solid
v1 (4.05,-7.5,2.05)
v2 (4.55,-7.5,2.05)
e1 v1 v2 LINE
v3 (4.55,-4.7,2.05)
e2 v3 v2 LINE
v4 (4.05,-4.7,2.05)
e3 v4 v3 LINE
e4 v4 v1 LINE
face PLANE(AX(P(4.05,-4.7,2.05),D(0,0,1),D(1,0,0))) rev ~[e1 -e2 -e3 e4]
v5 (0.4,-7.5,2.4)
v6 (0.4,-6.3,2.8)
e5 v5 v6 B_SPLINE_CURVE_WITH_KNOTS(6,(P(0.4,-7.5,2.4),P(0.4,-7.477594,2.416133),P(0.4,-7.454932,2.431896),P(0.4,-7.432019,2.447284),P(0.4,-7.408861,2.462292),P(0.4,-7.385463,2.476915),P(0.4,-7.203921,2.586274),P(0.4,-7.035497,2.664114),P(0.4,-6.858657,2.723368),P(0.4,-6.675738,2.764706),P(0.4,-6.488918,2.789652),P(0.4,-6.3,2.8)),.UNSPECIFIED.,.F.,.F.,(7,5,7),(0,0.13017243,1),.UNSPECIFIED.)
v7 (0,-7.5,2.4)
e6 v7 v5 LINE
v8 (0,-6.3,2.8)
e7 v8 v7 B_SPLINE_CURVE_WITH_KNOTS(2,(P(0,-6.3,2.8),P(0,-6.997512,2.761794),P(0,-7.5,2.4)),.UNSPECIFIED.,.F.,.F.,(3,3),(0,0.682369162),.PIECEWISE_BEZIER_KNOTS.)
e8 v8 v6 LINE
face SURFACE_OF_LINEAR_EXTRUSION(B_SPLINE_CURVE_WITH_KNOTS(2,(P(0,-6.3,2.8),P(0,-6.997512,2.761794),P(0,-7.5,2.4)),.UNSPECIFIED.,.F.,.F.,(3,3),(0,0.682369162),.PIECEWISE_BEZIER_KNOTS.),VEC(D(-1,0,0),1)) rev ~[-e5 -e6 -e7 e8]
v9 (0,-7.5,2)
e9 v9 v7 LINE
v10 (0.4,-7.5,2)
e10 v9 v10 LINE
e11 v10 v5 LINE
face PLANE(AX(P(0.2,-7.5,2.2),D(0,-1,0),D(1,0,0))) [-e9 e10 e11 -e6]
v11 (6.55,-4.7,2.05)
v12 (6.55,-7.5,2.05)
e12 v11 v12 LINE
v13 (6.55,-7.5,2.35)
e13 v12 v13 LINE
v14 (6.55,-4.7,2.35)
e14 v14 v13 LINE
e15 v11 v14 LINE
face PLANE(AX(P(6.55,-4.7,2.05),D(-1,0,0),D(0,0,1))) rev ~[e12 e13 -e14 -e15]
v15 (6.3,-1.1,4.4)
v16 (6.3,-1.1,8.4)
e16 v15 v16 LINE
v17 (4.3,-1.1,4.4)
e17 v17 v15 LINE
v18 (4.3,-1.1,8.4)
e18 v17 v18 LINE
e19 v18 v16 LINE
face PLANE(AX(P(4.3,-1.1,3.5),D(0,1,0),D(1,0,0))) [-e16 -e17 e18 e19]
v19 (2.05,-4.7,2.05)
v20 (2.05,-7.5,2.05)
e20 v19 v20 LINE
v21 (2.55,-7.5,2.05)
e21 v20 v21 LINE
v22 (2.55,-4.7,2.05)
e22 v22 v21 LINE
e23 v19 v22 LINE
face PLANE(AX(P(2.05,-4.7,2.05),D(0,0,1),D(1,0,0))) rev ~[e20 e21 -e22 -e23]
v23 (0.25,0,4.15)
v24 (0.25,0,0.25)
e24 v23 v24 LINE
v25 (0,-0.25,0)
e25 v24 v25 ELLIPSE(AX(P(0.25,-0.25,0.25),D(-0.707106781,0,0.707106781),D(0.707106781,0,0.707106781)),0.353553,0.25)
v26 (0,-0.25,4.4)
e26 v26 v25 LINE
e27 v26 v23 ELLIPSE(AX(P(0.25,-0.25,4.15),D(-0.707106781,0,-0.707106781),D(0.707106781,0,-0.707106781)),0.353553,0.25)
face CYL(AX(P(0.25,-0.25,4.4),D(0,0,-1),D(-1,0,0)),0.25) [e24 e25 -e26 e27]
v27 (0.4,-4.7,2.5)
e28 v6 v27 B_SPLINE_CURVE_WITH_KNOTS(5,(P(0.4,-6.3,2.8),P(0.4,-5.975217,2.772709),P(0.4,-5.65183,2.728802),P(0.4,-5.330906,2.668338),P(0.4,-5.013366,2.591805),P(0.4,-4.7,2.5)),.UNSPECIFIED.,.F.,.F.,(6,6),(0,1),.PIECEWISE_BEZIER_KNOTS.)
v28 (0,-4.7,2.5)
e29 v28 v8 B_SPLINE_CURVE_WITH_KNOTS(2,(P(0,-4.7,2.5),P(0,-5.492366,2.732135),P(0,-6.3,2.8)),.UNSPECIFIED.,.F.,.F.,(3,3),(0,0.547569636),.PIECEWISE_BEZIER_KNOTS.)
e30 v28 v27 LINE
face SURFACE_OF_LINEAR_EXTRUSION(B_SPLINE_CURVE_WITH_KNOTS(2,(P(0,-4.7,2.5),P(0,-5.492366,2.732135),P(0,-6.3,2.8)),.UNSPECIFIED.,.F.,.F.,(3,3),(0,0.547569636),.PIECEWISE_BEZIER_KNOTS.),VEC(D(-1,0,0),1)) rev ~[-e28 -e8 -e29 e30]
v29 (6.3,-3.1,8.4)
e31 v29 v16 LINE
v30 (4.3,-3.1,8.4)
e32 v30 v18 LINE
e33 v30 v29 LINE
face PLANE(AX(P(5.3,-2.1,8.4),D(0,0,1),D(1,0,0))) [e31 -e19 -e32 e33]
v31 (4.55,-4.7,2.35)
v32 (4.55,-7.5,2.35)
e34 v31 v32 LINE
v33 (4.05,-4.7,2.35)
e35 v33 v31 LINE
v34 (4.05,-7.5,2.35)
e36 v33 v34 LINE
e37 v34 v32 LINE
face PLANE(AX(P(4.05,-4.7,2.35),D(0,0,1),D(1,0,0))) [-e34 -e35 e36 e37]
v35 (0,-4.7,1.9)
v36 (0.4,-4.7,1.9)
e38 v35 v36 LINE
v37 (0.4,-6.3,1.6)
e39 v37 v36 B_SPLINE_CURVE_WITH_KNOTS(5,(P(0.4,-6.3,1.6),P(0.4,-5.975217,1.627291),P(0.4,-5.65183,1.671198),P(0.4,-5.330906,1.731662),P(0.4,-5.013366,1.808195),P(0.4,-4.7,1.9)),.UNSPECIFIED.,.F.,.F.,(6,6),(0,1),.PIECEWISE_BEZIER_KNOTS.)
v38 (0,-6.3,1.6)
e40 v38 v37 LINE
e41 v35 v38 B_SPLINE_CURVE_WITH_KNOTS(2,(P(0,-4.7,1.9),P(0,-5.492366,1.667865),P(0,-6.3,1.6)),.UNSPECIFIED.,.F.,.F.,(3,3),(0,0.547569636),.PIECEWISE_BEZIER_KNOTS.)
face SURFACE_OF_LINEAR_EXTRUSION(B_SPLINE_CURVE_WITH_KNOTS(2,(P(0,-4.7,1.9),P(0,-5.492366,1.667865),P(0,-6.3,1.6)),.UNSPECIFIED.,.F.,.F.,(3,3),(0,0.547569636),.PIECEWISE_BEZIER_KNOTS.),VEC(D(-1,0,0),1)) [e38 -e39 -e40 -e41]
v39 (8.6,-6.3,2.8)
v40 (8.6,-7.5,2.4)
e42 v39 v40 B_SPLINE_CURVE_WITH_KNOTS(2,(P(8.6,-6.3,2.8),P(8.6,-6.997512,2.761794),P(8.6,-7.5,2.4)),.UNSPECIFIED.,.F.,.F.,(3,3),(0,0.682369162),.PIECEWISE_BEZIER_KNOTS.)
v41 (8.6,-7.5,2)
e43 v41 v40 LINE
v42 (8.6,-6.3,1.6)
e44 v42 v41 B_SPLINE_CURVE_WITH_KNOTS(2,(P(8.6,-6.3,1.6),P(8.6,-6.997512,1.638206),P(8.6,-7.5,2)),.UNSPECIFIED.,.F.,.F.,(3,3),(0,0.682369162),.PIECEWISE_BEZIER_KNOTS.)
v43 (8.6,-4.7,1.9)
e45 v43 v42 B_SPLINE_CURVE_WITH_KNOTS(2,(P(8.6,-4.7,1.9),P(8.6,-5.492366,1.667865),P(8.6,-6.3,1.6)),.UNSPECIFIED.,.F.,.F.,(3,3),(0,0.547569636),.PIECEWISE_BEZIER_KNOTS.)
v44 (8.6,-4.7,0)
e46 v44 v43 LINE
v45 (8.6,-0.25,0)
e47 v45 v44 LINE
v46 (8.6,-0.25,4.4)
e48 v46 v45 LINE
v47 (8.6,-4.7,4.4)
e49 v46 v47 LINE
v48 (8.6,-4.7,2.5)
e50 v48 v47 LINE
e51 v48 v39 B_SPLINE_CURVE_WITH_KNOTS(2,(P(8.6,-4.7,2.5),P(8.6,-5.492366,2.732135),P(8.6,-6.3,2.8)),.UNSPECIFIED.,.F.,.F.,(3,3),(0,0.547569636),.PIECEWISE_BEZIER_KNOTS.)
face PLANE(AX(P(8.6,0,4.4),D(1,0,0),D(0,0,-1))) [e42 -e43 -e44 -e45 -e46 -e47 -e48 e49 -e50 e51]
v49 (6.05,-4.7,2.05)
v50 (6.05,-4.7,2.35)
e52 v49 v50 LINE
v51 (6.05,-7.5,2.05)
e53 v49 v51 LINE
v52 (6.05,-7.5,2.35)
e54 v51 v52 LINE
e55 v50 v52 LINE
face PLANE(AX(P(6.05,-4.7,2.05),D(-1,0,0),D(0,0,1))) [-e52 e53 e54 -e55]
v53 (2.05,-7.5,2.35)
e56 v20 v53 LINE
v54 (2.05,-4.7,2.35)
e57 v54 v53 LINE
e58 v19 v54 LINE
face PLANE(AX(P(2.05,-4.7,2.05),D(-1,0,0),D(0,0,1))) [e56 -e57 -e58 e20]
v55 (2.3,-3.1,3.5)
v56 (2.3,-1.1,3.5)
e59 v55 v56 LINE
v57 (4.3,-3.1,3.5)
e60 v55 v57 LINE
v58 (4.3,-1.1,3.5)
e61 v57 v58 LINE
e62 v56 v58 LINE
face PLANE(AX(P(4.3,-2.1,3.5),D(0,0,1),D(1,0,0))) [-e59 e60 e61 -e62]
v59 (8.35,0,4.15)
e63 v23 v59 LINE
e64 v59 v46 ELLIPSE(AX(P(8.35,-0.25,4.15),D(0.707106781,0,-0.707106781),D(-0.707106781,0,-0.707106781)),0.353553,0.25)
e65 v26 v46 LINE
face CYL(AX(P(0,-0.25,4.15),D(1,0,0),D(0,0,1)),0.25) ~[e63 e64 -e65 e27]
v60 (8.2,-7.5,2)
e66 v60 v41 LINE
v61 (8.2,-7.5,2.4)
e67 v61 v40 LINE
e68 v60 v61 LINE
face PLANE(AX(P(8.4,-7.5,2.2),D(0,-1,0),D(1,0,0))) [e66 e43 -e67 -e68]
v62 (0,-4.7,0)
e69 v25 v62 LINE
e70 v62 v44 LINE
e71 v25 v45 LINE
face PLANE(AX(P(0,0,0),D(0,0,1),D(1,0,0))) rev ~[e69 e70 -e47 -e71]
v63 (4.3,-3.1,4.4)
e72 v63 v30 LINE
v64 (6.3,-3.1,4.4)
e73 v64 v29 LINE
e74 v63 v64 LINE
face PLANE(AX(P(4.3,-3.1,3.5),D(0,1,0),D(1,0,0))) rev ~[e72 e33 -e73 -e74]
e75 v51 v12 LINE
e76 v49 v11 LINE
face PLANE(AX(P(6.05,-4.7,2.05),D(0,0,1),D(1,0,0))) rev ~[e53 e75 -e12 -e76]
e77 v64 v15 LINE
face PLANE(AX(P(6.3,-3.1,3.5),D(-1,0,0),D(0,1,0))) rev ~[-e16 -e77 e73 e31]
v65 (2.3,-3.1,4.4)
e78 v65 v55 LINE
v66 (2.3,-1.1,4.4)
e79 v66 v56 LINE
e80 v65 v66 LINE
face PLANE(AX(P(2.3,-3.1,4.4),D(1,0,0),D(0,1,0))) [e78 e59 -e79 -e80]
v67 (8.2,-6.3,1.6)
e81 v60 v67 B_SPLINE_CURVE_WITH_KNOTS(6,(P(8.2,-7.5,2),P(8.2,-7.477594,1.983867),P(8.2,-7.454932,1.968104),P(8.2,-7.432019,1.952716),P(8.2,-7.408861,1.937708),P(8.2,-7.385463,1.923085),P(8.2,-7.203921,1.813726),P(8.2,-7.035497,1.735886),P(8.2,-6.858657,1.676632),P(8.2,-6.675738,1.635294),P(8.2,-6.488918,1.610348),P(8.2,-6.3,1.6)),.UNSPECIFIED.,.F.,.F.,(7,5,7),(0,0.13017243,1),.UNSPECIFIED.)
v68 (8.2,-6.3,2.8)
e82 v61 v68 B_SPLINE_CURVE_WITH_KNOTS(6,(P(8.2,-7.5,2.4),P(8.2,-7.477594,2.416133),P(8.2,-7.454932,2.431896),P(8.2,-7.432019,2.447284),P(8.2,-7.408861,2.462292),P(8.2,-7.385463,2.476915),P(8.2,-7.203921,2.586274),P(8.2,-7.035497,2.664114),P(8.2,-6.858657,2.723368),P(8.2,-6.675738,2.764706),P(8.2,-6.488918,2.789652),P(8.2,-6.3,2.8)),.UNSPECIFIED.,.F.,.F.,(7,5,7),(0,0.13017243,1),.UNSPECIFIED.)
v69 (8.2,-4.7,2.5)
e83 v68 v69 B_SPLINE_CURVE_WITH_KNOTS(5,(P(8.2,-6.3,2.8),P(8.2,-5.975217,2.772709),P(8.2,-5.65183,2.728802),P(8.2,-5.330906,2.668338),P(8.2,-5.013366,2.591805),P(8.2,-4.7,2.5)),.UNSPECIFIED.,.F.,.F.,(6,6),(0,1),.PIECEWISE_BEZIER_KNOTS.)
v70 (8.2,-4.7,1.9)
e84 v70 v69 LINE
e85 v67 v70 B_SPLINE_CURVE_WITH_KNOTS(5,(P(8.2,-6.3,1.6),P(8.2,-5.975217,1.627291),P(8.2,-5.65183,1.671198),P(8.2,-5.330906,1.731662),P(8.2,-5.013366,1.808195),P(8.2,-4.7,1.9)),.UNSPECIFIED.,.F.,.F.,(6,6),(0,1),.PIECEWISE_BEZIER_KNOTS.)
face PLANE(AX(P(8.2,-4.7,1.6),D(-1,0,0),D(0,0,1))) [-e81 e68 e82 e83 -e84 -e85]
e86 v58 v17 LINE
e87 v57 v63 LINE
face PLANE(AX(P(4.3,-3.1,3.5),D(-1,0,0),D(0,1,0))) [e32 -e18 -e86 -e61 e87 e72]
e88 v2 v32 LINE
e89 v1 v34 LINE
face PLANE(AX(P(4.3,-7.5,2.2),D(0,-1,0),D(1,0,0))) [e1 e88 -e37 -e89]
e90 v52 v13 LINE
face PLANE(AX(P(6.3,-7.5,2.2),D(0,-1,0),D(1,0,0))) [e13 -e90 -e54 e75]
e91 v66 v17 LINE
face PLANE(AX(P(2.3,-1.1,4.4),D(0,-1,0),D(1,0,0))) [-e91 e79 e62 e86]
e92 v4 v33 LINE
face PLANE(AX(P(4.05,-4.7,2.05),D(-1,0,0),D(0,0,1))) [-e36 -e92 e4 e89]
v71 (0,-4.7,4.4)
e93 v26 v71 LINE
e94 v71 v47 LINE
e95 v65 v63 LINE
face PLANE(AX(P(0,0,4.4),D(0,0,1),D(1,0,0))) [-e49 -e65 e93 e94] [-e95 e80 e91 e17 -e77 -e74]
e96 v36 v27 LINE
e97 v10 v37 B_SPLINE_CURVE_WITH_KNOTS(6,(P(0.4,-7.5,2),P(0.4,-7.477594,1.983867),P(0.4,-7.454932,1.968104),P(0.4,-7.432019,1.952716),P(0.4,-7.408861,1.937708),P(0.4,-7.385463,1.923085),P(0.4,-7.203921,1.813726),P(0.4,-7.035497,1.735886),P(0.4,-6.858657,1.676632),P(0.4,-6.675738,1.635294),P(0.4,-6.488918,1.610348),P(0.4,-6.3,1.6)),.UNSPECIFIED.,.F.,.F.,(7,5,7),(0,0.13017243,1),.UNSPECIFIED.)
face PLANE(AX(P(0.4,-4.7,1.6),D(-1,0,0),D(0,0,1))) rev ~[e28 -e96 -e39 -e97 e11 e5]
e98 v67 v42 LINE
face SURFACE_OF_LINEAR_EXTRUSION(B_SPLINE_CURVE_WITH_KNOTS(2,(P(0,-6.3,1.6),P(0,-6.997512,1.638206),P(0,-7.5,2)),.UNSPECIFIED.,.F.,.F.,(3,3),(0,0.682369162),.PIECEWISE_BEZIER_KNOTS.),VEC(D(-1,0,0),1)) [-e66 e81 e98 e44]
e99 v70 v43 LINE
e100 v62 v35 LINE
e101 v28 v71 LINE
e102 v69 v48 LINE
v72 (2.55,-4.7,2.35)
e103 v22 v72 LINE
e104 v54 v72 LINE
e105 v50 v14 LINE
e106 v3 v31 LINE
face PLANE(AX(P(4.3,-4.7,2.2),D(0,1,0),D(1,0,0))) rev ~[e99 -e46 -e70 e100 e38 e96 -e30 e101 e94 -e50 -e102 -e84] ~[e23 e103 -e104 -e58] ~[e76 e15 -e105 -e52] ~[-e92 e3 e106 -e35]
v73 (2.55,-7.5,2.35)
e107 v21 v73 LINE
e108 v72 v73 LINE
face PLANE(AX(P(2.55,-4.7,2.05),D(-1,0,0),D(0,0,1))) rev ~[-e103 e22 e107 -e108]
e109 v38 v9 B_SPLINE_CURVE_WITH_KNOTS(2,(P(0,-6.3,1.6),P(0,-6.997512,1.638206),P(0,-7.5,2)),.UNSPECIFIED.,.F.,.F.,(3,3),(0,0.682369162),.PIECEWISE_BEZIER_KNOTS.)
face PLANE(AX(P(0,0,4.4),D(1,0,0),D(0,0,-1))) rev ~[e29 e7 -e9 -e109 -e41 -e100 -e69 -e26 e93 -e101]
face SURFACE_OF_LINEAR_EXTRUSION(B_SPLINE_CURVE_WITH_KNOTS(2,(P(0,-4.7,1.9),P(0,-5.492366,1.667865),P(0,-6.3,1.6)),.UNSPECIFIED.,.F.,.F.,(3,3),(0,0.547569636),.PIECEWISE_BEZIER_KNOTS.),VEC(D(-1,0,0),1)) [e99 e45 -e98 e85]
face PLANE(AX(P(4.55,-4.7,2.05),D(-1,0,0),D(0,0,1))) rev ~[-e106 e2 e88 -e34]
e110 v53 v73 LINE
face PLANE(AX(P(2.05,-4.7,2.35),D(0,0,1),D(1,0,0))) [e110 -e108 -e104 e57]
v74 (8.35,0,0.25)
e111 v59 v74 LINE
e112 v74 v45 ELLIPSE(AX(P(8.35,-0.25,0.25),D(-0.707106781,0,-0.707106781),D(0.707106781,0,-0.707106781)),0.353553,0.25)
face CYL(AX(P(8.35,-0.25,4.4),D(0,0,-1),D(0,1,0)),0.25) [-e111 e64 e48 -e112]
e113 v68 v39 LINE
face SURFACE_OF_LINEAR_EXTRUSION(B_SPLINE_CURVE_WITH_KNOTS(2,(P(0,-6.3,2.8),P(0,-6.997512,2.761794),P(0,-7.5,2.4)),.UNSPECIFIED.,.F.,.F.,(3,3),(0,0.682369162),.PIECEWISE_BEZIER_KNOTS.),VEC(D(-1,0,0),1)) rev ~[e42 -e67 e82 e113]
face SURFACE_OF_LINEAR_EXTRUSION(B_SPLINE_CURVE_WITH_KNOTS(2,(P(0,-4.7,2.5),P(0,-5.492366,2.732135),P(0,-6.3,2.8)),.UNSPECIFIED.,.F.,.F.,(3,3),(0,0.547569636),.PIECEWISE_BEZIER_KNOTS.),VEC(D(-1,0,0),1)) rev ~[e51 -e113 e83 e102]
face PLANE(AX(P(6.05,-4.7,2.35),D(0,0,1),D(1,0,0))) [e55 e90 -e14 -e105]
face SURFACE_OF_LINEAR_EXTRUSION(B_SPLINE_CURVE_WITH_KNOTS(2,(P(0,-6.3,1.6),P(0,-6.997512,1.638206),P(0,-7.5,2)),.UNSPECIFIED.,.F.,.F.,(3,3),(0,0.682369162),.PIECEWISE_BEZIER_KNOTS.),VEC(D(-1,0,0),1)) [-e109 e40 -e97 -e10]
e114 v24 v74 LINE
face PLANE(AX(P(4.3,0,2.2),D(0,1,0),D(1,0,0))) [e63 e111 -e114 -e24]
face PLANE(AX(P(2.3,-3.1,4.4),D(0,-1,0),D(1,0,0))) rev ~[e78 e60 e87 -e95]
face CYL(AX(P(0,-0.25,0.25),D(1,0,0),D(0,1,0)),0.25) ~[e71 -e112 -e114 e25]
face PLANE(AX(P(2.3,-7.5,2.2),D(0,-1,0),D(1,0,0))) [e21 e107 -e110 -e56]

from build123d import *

# Parameters (mm, degrees)
SKETCH1_W           = 8.6
SKETCH1_H           = 4.4
BOSS_EXTRUDE1_DEPTH = 4.7
SKETCH4_W           = 4
SKETCH4_H           = 2
CUT_EXTRUDE1_DEPTH  = 0.9
SKETCH5_W           = 2
SKETCH5_H           = 2
BOSS_EXTRUDE3_DEPTH = 4.9
SKETCH7_W           = 0.4
SKETCH7_H           = 1.2
BOSS_EXTRUDE4_DEPTH = 2.8
CUT_EXTRUDE3_DEPTH  = 8.6
SKETCH9_W           = 0.5
SKETCH9_H           = 0.3
BOSS_EXTRUDE5_DEPTH = 2.8
FILLET1_R           = 0.25


with BuildPart() as part:
    # Sketch1 → Boss-Extrude1 (new body)
    with BuildSketch(Plane(origin=(0, 0, 0), x_dir=(1, 0, 0), z_dir=(0, 1, 0))):
        with Locations((4.3, -2.2)):
            Rectangle(SKETCH1_W, SKETCH1_H)
    extrude(amount=-BOSS_EXTRUDE1_DEPTH)

    # Sketch4 → Cut-Extrude1 (cut)
    with BuildSketch(Plane.XY.offset(4.4)):
        with Locations((4.3, -2.1)):
            Rectangle(SKETCH4_W, SKETCH4_H)
    extrude(amount=-CUT_EXTRUDE1_DEPTH, mode=Mode.SUBTRACT)

    # Sketch5 → Boss-Extrude3 (add)
    with BuildSketch(Plane.XY.offset(3.5)):
        with Locations((5.3, -2.1)):
            Rectangle(SKETCH5_W, SKETCH5_H)
    extrude(amount=BOSS_EXTRUDE3_DEPTH)

    # Sketch7 → Boss-Extrude4 (add)
    with BuildSketch(Plane.XZ.offset(4.7)):
        with Locations((0.2, 2.2)):
            Rectangle(SKETCH7_W, SKETCH7_H)
        with Locations((8.4, 2.2)):
            Rectangle(SKETCH7_W, SKETCH7_H)
    extrude(amount=BOSS_EXTRUDE4_DEPTH)

    # Sketch8 → Cut-Extrude3 (cut)
    with BuildSketch(Plane.ZY):
        with BuildLine():
            Line((1.9, -4.7), (1.6, -4.7))
            Line((1.6, -4.7), (1.6, -6.3))
            add(Edge.make_bspline(
                [(1.9, -4.7), (1.667864555, -5.492366311), (1.6, -6.3)],
                knots=[0, 0, 0, 0.547569636, 0.547569636, 0.547569636], degree=2))
        make_face()
        with BuildLine():
            add(Edge.make_bspline(
                [(2.5, -4.7), (2.732135445, -5.492366311), (2.8, -6.3)],
                knots=[0, 0, 0, 0.547569636, 0.547569636, 0.547569636], degree=2))
            Line((2.8, -6.3), (2.8, -4.7))
            Line((2.8, -4.7), (2.5, -4.7))
        make_face()
        with BuildLine():
            add(Edge.make_bspline(
                [(2.8, -6.3), (2.761794113, -6.997512334), (2.40000004, -7.5)],
                knots=[0, 0, 0, 0.682369162, 0.682369162, 0.682369162], degree=2))
            Line((2.40000004, -7.5), (2.8, -7.5))
            Line((2.8, -7.5), (2.8, -6.3))
        make_face()
        with BuildLine():
            add(Edge.make_bspline(
                [(1.6, -6.3), (1.638205887, -6.997512334), (1.99999996, -7.5)],
                knots=[0, 0, 0, 0.682369162, 0.682369162, 0.682369162], degree=2))
            Line((1.6, -6.3), (1.6, -7.5))
            Line((1.6, -7.5), (1.99999996, -7.5))
        make_face()
    extrude(amount=-CUT_EXTRUDE3_DEPTH, mode=Mode.SUBTRACT)

    # Sketch9 → Boss-Extrude5 (add)
    with BuildSketch(Plane.XZ.offset(4.7)):
        with Locations((4.3, 2.2)):
            Rectangle(SKETCH9_W, SKETCH9_H)
        with Locations((2.3, 2.2)):
            Rectangle(SKETCH9_W, SKETCH9_H)
        with Locations((6.3, 2.2)):
            Rectangle(SKETCH9_W, SKETCH9_H)
    extrude(amount=BOSS_EXTRUDE5_DEPTH)

    # Fillet1
    fillet1_edges = [part.edges().sort_by_distance(p)[0] for p in [
        (4.3, 0, 0),
        (8.6, 0, 2.2),
        (4.3, 0, 4.4),
        (0, 0, 2.2),
    ]]
    fillet(fillet1_edges, radius=FILLET1_R)


solid = part.part
